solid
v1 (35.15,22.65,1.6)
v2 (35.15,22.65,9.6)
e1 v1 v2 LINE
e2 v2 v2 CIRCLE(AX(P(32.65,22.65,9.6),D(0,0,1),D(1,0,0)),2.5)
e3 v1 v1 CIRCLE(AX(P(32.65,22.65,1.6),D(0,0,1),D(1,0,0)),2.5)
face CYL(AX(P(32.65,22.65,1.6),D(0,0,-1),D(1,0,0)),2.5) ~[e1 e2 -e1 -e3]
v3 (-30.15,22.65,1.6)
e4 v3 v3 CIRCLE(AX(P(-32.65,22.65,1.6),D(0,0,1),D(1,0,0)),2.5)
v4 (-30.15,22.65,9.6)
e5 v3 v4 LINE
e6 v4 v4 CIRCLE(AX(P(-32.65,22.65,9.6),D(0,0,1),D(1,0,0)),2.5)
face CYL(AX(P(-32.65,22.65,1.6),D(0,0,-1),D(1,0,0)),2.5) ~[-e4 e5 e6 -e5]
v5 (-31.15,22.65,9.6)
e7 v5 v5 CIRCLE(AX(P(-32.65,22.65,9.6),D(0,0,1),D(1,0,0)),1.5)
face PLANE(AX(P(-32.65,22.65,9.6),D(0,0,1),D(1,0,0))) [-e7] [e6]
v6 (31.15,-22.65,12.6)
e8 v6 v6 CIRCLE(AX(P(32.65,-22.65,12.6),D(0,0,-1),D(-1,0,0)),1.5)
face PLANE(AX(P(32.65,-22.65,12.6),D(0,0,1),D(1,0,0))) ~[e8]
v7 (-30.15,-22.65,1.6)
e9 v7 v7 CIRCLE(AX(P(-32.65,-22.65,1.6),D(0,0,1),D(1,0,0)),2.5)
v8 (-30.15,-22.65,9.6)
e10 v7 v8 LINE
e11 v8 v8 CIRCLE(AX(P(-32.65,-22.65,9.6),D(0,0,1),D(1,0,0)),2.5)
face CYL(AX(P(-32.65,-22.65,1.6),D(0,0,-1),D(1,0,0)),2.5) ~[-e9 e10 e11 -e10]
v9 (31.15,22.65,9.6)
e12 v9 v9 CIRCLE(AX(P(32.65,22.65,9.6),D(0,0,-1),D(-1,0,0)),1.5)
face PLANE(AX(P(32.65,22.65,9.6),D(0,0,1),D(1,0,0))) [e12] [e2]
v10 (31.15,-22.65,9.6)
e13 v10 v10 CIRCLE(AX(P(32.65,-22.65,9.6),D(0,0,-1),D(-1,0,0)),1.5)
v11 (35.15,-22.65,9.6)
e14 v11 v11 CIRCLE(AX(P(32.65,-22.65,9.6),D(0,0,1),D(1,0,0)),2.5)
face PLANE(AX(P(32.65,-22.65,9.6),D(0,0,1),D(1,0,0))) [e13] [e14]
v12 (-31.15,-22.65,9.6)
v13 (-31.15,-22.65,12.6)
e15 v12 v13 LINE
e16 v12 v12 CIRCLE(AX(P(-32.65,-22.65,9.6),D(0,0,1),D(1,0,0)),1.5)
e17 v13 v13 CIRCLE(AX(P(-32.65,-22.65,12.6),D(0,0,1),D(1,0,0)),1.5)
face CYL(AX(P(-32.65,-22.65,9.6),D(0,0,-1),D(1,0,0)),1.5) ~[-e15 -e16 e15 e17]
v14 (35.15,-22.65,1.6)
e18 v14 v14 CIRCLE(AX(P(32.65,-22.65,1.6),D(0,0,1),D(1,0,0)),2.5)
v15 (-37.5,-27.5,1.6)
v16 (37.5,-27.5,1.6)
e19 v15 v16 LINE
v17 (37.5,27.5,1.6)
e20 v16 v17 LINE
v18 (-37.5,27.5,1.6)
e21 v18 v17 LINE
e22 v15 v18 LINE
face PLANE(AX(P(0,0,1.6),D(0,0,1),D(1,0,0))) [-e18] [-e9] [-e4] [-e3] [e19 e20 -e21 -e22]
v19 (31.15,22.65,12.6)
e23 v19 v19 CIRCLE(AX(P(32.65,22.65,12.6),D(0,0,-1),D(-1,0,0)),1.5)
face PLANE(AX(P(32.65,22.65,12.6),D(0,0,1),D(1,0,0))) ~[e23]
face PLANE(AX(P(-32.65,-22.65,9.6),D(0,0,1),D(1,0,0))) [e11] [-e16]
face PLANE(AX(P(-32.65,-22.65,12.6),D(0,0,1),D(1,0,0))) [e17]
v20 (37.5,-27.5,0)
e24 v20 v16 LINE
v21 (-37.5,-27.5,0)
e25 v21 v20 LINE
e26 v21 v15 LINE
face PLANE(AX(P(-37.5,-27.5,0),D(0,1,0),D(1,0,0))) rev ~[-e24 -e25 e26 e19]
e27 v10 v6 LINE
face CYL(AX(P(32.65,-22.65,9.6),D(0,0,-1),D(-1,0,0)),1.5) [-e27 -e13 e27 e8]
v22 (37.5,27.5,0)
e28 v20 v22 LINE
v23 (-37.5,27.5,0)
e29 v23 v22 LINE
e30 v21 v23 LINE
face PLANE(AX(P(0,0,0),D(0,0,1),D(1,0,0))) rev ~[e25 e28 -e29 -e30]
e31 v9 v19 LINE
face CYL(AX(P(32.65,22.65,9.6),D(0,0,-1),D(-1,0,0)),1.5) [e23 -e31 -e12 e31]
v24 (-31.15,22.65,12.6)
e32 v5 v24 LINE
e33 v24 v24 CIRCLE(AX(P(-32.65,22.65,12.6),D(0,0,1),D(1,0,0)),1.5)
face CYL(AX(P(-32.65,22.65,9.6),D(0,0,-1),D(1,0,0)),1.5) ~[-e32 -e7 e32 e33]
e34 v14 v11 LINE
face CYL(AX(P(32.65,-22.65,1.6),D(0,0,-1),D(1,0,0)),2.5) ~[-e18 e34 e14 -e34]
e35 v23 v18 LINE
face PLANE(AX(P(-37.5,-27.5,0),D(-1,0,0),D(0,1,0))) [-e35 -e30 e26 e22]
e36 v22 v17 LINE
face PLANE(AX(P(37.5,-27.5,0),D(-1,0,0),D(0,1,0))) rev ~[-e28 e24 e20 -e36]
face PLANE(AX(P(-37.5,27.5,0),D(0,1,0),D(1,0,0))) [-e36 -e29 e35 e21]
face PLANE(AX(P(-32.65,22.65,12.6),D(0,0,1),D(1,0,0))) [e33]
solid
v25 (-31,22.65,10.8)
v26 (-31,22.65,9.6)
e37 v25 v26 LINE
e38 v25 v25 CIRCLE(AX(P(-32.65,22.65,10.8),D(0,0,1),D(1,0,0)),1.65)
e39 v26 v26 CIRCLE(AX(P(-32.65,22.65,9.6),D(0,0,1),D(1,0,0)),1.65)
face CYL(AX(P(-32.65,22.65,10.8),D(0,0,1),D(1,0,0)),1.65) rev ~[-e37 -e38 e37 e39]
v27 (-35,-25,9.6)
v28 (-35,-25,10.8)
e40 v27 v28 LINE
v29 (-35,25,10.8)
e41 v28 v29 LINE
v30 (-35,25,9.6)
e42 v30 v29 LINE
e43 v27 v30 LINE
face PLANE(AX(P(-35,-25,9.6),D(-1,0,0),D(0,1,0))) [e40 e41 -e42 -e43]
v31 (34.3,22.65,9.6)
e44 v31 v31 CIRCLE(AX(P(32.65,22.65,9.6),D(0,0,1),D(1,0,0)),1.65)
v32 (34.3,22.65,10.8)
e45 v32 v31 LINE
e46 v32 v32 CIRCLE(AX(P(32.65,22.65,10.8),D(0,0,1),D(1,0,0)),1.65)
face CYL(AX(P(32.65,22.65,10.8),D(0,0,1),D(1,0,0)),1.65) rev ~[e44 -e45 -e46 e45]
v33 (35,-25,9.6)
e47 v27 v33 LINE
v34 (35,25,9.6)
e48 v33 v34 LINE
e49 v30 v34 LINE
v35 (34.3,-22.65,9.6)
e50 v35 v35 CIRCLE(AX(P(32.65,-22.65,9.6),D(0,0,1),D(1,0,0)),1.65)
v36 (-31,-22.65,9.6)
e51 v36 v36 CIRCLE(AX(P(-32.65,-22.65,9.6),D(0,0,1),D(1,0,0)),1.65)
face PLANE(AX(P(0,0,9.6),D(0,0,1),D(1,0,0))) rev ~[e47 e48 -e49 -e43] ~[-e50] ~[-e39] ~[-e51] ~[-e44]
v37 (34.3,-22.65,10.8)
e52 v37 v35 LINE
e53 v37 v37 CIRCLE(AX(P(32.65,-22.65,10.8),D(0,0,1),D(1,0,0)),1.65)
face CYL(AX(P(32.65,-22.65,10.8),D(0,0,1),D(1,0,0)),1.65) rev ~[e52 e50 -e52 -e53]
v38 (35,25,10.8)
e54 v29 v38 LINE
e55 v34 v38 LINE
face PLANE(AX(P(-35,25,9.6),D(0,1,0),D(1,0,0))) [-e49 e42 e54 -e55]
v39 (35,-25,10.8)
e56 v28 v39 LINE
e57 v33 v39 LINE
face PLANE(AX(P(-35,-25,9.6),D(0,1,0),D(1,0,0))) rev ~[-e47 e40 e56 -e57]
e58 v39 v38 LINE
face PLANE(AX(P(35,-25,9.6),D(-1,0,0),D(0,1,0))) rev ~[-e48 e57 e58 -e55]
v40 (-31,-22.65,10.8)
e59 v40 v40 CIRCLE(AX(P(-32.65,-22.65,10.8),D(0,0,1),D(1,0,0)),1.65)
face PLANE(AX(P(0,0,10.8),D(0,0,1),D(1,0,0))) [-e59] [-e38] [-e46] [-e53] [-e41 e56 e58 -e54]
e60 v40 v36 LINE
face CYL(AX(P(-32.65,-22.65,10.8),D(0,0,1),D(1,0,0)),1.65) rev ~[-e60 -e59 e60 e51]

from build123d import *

# Parameters (mm, degrees)
SKETCH_W     = 70
SKETCH_H     = 50
PAD_DEPTH    = 1.2
SKETCH001_R  = 1.65
POCKET_DEPTH = 1.2
SKETCH002_W  = 75
SKETCH002_H  = 55
PAD001_DEPTH = 1.6
SKETCH003_R  = 2.5
PAD002_DEPTH = 8
SKETCH004_R  = 1.5
PAD003_DEPTH = 3


with BuildPart() as pcb:
    # Sketch → Pad (new body)
    with BuildSketch(Plane.XY):
        Rectangle(SKETCH_W, SKETCH_H)
    extrude(amount=PAD_DEPTH)

    # Sketch001 (on Face6 of Pad) → Pocket (cut)
    with BuildSketch(Plane.XY.offset(1.2)):
        with Locations((-32.65, 22.65)):
            Circle(SKETCH001_R)
        with Locations((32.65, 22.65)):
            Circle(SKETCH001_R)
        with Locations((-32.65, -22.65)):
            Circle(SKETCH001_R)
        with Locations((32.65, -22.65)):
            Circle(SKETCH001_R)
    extrude(amount=-POCKET_DEPTH, mode=Mode.SUBTRACT)


with BuildPart() as pcb_1:
    # Body placement: moved
    add(pcb.part.moved(Location((0, 0, 9.6))))


with BuildPart() as case_bottom:
    # Sketch002 → Pad001 (new body)
    with BuildSketch(Plane.XY):
        Rectangle(SKETCH002_W, SKETCH002_H)
    extrude(amount=PAD001_DEPTH)

    # Sketch003 (on Face6 of Pad001) → Pad002 (join)
    with BuildSketch(Plane.XY.offset(1.6)):
        with Locations((-32.65, 22.65)):
            Circle(SKETCH003_R)
        with Locations((-32.65, -22.65)):
            Circle(SKETCH003_R)
        with Locations((32.65, 22.65)):
            Circle(SKETCH003_R)
        with Locations((32.65, -22.65)):
            Circle(SKETCH003_R)
    extrude(amount=PAD002_DEPTH)

    # Sketch004 (on Face14 of Pad002) → Pad003 (join)
    with BuildSketch(Plane.XY.offset(9.6)):
        with Locations((-32.65, -22.65)):
            Circle(SKETCH004_R)
        with Locations((-32.65, 22.65)):
            Circle(SKETCH004_R)
    pad003 = extrude(amount=PAD003_DEPTH)

    # Mirrored: Pad003 across Sketch004 V_Axis
    add(pad003.mirror(Plane(origin=(0, 0, 9.6), x_dir=(0, 0, 1), z_dir=(1, 0, 0))))


solid = Compound([pcb_1.part, case_bottom.part])
